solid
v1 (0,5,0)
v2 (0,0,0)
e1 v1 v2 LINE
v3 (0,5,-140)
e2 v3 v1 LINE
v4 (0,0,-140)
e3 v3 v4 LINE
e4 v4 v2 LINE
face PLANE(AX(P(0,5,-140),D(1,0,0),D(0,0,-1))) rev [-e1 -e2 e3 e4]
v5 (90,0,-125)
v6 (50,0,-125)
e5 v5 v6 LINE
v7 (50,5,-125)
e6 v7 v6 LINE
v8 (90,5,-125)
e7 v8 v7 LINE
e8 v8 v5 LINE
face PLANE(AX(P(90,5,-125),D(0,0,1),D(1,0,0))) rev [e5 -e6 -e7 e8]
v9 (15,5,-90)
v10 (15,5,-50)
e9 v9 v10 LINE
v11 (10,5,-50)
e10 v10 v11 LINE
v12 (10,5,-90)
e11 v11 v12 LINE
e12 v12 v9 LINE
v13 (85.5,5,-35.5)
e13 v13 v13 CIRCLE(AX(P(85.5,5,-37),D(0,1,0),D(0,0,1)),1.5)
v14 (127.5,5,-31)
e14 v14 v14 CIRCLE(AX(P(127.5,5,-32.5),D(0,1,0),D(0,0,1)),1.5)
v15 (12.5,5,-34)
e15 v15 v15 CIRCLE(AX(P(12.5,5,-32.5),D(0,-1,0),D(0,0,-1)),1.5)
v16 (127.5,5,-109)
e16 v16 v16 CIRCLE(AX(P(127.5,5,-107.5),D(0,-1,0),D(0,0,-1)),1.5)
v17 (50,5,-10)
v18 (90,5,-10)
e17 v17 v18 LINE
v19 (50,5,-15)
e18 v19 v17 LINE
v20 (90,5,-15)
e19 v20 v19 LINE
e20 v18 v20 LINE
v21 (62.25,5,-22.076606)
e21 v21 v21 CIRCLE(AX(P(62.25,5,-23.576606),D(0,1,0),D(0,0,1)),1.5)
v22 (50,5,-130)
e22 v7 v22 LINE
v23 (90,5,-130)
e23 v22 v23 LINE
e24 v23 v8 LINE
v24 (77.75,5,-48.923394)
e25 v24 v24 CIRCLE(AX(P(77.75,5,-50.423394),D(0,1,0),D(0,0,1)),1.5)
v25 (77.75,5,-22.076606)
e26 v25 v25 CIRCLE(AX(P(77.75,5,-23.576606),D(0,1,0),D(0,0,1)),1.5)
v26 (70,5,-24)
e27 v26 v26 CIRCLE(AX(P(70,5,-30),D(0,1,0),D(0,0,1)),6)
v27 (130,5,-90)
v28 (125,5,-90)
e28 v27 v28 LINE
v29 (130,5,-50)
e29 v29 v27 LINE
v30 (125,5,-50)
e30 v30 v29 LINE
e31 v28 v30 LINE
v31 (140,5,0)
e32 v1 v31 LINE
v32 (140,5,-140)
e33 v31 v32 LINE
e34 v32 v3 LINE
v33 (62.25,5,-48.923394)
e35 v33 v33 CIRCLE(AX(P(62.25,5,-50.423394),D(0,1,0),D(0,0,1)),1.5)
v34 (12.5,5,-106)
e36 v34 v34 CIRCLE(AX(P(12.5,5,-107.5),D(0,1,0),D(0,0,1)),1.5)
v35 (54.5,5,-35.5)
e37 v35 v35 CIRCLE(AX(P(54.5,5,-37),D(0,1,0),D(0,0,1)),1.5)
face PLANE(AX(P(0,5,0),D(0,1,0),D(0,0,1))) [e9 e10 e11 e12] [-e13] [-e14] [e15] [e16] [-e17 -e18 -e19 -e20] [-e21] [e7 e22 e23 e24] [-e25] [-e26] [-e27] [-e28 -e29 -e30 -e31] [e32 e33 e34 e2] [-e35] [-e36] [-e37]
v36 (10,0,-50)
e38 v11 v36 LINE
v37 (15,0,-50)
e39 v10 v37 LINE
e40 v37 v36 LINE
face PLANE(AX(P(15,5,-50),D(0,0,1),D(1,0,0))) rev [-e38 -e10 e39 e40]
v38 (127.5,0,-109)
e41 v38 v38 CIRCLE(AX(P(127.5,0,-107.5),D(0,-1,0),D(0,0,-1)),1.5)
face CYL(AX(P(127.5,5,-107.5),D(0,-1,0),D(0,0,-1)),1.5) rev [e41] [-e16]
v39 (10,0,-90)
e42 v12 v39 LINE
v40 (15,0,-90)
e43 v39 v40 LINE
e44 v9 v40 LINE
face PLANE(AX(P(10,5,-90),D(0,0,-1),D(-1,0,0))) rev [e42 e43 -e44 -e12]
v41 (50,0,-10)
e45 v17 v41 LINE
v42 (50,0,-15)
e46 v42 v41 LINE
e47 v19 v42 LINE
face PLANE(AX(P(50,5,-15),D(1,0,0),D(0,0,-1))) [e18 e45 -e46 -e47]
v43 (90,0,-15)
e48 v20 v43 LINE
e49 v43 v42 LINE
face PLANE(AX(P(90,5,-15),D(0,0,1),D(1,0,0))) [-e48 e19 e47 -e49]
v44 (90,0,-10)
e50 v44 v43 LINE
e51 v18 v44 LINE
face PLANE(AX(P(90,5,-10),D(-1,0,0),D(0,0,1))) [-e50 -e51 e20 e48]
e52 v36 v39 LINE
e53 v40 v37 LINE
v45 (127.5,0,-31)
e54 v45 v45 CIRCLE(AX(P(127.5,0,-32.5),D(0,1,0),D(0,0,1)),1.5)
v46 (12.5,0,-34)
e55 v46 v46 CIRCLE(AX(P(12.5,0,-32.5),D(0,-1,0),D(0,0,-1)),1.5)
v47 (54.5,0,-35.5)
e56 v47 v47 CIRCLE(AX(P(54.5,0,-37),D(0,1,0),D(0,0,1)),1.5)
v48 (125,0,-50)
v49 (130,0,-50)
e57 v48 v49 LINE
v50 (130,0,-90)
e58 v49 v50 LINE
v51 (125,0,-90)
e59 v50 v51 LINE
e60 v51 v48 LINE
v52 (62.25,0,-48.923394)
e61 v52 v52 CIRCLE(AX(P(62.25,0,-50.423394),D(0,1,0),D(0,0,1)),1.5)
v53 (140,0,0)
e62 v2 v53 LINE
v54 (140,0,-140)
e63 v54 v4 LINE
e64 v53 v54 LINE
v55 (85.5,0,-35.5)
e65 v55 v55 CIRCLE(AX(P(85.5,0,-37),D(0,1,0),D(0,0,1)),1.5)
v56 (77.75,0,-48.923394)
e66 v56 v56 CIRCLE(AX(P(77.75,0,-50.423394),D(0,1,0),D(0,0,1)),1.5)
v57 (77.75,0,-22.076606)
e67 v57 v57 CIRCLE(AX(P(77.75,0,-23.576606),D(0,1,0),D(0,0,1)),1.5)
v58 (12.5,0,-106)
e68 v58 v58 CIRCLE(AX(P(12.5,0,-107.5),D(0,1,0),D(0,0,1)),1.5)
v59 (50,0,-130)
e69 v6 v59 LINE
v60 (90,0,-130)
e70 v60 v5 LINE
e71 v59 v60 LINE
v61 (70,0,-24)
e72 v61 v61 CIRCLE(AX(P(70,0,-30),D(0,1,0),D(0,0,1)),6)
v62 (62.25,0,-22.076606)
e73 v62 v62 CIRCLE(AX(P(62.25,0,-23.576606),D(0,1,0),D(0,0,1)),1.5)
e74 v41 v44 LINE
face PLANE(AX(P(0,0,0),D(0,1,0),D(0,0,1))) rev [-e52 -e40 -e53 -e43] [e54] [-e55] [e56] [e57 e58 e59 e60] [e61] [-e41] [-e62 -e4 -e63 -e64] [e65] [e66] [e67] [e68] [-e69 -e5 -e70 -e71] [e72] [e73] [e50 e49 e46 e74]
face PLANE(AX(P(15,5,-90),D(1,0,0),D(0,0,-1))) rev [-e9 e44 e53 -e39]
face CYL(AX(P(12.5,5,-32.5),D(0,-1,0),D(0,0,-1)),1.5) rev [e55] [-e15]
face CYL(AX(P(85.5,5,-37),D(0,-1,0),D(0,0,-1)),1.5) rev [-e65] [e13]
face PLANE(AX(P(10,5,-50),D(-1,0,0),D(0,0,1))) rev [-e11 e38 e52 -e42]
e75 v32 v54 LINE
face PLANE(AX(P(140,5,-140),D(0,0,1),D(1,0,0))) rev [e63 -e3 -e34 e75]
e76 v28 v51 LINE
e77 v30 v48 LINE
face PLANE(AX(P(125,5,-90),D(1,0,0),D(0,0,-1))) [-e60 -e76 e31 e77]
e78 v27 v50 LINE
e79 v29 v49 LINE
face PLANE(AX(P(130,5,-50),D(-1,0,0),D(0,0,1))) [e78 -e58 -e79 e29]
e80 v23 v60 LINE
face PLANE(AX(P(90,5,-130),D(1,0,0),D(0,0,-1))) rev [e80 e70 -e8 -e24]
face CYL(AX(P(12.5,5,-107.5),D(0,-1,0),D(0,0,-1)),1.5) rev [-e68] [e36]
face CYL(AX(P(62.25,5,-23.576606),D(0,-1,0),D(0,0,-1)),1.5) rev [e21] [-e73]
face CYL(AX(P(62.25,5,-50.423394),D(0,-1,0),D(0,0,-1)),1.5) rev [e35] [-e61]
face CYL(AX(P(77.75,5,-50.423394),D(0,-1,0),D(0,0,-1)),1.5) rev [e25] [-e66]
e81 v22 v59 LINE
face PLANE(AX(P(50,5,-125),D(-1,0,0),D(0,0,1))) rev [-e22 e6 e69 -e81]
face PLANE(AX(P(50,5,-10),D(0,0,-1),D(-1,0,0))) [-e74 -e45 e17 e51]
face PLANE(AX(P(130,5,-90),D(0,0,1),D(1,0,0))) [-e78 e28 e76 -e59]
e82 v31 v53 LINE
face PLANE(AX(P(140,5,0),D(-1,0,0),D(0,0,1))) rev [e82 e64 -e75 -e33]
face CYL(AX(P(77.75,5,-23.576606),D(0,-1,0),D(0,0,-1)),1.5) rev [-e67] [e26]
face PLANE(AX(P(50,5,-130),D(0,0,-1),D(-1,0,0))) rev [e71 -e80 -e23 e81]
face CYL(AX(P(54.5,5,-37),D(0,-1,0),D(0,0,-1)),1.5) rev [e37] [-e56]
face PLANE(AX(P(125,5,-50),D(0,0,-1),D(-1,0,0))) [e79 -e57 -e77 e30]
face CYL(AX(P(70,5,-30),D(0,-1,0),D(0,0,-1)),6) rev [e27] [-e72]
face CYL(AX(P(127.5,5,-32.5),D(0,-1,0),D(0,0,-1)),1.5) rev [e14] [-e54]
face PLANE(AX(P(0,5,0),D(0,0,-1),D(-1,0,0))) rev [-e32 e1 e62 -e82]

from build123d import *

# Parameters (mm, degrees)
CROQUIS2_W              = 140
CROQUIS2_H              = 140
CROQUIS2_R              = 1.5
CROQUIS2_R_2            = 6
CROQUIS2_W_2            = 40
CROQUIS2_H_2            = 5
CROQUIS2_W_3            = 5
CROQUIS2_H_3            = 40
SALIENTE_EXTRUIR1_DEPTH = 5


with BuildPart() as part:
    # Croquis2 → Saliente-Extruir1 (new body)
    with BuildSketch(Plane(origin=(0, 0, 0), x_dir=(1, 0, 0), z_dir=(0, 1, 0))):
        with Locations((70, 70)):
            Rectangle(CROQUIS2_W, CROQUIS2_H)
        with Locations(Location((12.5, 107.5, 0), (0, 0, 270))):
            Circle(CROQUIS2_R, mode=Mode.SUBTRACT)
        with Locations(Location((12.5, 32.5, 0), (0, 0, 90))):
            Circle(CROQUIS2_R, mode=Mode.SUBTRACT)
        with Locations(Location((127.5, 32.5, 0), (0, 0, 270))):
            Circle(CROQUIS2_R, mode=Mode.SUBTRACT)
        with Locations(Location((127.5, 107.5, 0), (0, 0, 90))):
            Circle(CROQUIS2_R, mode=Mode.SUBTRACT)
        with Locations(Location((85.5, 37, 0), (0, 0, 270))):
            Circle(CROQUIS2_R, mode=Mode.SUBTRACT)
        with Locations(Location((77.75, 23.576606241, 0), (0, 0, 270))):
            Circle(CROQUIS2_R, mode=Mode.SUBTRACT)
        with Locations(Location((62.25, 23.576606241, 0), (0, 0, 270))):
            Circle(CROQUIS2_R, mode=Mode.SUBTRACT)
        with Locations(Location((54.5, 37, 0), (0, 0, 270))):
            Circle(CROQUIS2_R, mode=Mode.SUBTRACT)
        with Locations(Location((62.25, 50.423393759, 0), (0, 0, 270))):
            Circle(CROQUIS2_R, mode=Mode.SUBTRACT)
        with Locations(Location((77.75, 50.423393759, 0), (0, 0, 270))):
            Circle(CROQUIS2_R, mode=Mode.SUBTRACT)
        with Locations(Location((70, 30, 0), (0, 0, 270))):
            Circle(CROQUIS2_R_2, mode=Mode.SUBTRACT)
        with Locations((70, 127.5)):
            Rectangle(CROQUIS2_W_2, CROQUIS2_H_2, mode=Mode.SUBTRACT)
        with Locations((70, 12.5)):
            Rectangle(CROQUIS2_W_2, CROQUIS2_H_2, mode=Mode.SUBTRACT)
        with Locations((127.5, 70)):
            Rectangle(CROQUIS2_W_3, CROQUIS2_H_3, mode=Mode.SUBTRACT)
        with Locations((12.5, 70)):
            Rectangle(CROQUIS2_W_3, CROQUIS2_H_3, mode=Mode.SUBTRACT)
    extrude(amount=SALIENTE_EXTRUIR1_DEPTH)


solid = part.part
